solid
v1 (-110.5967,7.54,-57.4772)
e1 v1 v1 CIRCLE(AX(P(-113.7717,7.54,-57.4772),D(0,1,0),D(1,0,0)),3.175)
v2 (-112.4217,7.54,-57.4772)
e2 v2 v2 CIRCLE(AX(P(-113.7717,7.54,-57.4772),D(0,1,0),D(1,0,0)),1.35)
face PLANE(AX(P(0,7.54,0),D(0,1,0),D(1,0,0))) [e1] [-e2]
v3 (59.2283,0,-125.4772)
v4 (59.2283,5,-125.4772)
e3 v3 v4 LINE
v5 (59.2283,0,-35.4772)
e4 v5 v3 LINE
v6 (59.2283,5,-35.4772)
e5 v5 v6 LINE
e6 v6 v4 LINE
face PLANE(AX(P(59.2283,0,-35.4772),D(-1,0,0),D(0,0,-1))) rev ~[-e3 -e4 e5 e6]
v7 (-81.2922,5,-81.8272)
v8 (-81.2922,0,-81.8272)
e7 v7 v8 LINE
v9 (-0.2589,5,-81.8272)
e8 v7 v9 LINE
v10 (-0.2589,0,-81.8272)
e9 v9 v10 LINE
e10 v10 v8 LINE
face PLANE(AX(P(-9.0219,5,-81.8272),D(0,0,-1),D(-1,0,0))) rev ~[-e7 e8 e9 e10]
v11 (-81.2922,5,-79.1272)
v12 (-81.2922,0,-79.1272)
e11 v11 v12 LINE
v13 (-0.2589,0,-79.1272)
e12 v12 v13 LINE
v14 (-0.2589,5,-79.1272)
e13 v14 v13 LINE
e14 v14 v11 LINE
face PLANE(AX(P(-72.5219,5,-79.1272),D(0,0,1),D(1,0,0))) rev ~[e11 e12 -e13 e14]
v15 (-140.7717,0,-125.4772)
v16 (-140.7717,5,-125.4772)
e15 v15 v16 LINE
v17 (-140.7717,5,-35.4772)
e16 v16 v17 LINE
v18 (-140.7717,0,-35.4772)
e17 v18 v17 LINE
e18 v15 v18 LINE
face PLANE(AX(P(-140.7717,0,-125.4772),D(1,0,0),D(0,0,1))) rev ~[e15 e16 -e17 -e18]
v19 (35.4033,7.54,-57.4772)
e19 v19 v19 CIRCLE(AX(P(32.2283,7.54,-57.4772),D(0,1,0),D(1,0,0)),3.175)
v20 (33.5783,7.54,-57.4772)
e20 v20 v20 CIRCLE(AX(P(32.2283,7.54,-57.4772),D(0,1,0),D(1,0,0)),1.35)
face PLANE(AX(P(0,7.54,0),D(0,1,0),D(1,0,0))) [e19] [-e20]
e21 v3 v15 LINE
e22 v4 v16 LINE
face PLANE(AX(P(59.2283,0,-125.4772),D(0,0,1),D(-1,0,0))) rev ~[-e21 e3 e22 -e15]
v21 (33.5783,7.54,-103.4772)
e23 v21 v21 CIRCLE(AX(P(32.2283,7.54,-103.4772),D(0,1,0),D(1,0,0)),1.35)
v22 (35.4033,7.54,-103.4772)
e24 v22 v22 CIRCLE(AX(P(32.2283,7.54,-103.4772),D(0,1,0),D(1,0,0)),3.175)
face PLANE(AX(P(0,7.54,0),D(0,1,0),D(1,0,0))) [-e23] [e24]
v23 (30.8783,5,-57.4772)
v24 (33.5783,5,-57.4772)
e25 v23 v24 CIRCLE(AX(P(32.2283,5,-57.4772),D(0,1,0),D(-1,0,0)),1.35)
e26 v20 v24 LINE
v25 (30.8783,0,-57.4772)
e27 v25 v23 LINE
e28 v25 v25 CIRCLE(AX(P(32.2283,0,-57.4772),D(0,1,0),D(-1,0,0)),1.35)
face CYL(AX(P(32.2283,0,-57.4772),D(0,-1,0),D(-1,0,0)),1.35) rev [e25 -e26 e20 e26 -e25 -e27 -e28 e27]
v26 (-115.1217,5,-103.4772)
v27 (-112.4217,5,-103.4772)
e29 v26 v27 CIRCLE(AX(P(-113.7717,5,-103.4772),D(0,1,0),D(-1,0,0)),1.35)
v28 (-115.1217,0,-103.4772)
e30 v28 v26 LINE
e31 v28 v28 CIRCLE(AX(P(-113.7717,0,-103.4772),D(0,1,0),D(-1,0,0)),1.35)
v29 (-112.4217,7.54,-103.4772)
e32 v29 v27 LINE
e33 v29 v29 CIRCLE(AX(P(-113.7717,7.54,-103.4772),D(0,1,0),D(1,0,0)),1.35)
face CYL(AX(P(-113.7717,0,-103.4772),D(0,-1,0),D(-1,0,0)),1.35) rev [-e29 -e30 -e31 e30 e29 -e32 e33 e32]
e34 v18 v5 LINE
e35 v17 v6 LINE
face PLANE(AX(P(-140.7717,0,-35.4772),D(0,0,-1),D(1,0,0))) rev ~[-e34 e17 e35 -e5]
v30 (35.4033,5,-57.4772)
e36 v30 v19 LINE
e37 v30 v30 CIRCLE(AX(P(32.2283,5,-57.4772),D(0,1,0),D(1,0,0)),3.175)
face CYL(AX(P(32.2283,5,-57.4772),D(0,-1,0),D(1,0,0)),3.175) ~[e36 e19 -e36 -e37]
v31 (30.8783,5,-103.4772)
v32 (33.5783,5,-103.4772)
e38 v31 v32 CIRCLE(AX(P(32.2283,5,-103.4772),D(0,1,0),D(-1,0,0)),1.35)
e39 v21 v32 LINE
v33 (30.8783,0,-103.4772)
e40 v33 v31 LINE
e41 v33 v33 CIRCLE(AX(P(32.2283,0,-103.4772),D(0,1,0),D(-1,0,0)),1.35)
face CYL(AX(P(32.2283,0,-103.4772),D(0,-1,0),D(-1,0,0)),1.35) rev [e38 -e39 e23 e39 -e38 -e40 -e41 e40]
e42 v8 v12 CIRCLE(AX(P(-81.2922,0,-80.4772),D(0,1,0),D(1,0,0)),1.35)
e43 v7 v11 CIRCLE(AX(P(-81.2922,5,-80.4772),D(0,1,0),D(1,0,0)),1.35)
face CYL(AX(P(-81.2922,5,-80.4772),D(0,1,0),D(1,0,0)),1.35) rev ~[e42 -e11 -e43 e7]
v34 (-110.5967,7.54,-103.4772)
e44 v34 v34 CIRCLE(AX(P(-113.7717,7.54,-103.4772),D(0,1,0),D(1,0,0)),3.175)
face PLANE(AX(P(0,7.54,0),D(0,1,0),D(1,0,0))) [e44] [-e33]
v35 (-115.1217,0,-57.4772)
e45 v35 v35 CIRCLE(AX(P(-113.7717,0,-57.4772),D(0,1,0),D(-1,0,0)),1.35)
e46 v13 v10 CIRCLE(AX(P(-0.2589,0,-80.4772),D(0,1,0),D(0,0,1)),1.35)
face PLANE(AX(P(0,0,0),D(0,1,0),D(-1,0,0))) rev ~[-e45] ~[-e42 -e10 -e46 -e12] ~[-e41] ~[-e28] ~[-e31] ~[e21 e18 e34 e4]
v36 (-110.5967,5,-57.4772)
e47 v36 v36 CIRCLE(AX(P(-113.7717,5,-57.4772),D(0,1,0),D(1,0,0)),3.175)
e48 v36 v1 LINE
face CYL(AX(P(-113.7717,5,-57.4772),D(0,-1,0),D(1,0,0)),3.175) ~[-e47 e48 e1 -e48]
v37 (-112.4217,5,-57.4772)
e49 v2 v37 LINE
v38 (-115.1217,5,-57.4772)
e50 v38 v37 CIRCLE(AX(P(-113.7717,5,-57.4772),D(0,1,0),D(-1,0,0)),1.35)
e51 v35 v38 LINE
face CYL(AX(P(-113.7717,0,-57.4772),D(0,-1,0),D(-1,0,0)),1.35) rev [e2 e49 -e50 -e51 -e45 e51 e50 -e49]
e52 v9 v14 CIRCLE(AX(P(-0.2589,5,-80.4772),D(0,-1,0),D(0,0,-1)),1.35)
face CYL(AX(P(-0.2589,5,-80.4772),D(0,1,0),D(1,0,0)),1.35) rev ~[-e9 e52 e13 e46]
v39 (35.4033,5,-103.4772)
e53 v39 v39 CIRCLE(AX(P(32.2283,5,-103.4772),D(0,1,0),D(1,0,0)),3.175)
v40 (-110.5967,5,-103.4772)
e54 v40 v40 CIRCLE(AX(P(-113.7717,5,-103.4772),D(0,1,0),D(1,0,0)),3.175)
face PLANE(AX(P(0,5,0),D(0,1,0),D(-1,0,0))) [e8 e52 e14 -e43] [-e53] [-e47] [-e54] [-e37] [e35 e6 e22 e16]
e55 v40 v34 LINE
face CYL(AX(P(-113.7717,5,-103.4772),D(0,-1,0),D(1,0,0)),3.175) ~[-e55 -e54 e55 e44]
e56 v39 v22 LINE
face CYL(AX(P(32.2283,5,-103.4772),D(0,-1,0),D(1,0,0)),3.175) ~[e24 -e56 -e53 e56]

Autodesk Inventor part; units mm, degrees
ref_plane "YZ Plane" through (0, 0, 0) normal (1, 0, 0) x (0, 1, 0)
ref_plane "XZ Plane" through (0, 0, 0) normal (0, 1, 0) x (-1, 0, 0)
ref_plane "XY Plane" through (0, 0, 0) normal (0, 0, 1) x (1, 0, 0)
sketch "Sketch1" plane through (0, 0, 0) normal (0, 1, 0) x (-1, 0, 0)
  circle A0 centre (113.7717, -57.4772) radius 1.35
  circle A1 centre (113.7717, -103.4772) radius 1.35
  circle A2 centre (-32.2283, -57.4772) radius 1.35
  circle A3 centre (-32.2283, -103.4772) radius 1.35
  line L0 (140.7717, -35.4772) -> (-59.2283, -35.4772)
  line L1 (-59.2283, -35.4772) -> (-59.2283, -125.4772)
  line L2 (-59.2283, -125.4772) -> (140.7717, -125.4772)
  line L3 (140.7717, -125.4772) -> (140.7717, -35.4772)
  point P0 (0, 0)
  point P1 (140.7717, -80.4772)
  dimension "d2" = 2.7
  dimension "d3" = 2.7
  dimension "d4" = 2.7
  dimension "d5" = 2.7
  dimension "d6" = 200
  dimension "d7" = 90
extrude "Extrusion1" add sketch "Sketch1" along normal blind 5
sketch "Sketch2" plane through (0, 5, 0) normal (0, 1, 0) x (1, 0, 0)
  circle A0 centre (-72.5219, 80.4772) radius 1.35
  circle A1 centre (-9.0219, 80.4772) radius 1.35
  circle A2 centre (-40.7719, 80.4772) radius 1.35
  line L0 (-140.7717, 125.4772) -> (-140.7717, 35.4772) projected
  point P0 (0, 0)
  point P1 (-140.7717, 80.4772)
  dimension "d12" = 2.7
  dimension "d13" = 2.7
  dimension "d14" = 63.5
  dimension "d15" = 2.7
  dimension "d16" = 31.75
  dimension "d22" = 68.2498
extrude "Extrusion2" cut sketch "Sketch2" against normal blind 11.35
sketch "Sketch3" plane through (0, 5, 0) normal (0, 1, 0) x (1, 0, 0)
  circle A0 centre (-113.7717, 57.4772) radius 1.35 projected
  circle A1 centre (-113.7717, 57.4772) radius 3.175
  circle A2 centre (-113.7717, 57.4772) radius 1.35
  circle A3 centre (-113.7717, 103.4772) radius 1.35 projected
  circle A4 centre (-113.7717, 103.4772) radius 1.35
  circle A5 centre (-113.7717, 103.4772) radius 3.175
  circle A6 centre (32.2283, 103.4772) radius 1.35 projected
  circle A7 centre (32.2283, 103.4772) radius 1.35
  circle A8 centre (32.2283, 103.4772) radius 3.175
  circle A9 centre (32.2283, 57.4772) radius 1.35 projected
  circle A10 centre (32.2283, 57.4772) radius 1.35
  circle A11 centre (32.2283, 57.4772) radius 3.175
  point P0 (0, 0)
  dimension "d25" = 6.35
  dimension "d26" = 6.35
  dimension "d27" = 6.35
  dimension "d28" = 6.35
extrude "Extrusion3" add sketch "Sketch3" along normal blind 2.54 contours A0 | A1 | A3 | A5 | A6 | A8 | A9 | A11
sketch "Sketch4" plane through (-113.7717, 7.54, -57.4772) normal (0, 1, 0) x (1, 0, 0)
  circle A0 centre (0, 0) radius 1.35 projected
  circle A1 centre (0, 0) radius 1.35
  circle A2 centre (0, 46) radius 1.35 projected
  circle A3 centre (0, 46) radius 1.35
  circle A4 centre (146, 46) radius 1.35 projected
  circle A5 centre (146, 46) radius 1.35
  circle A6 centre (146, 0) radius 3.175 projected
  circle A7 centre (146, 0) radius 1.35
  point P0 (113.7717, -57.4772)
  dimension "d31" = 2.7
  dimension "d32" = 2.7
  dimension "d33" = 2.7
  dimension "d34" = 2.7
extrude "Extrusion4" cut sketch "Sketch4" against normal blind 21.59 contours A0 | A2 | A4 | A7
sketch "Sketch5" plane through (0, 5, 0) normal (0, 1, 0) x (1, 0, 0)
  circle A0 centre (-72.5219, 80.4772) radius 1.35 projected
  circle A1 centre (-9.0219, 80.4772) radius 1.35 projected
  line L0 (-72.5219, 79.1272) -> (-9.0219, 79.1272)
  line L1 (-9.0219, 79.1272) -> (-9.0219, 81.8272)
  line L2 (-9.0219, 81.8272) -> (-72.5219, 81.8272)
  line L3 (-72.5219, 81.8272) -> (-72.5219, 79.1272)
  line L4 (-72.5219, 81.8272) -> (-81.2922, 81.8272)
  line L5 (-81.2922, 81.8272) -> (-81.2922, 79.1272)
  line L6 (-81.2922, 79.1272) -> (-72.5219, 79.1272)
  line L7 (-72.5219, 79.1272) -> (-72.5219, 81.8272)
  line L8 (-9.0219, 81.8272) -> (-0.2589, 81.8272)
  line L9 (-0.2589, 81.8272) -> (-0.2589, 79.1272)
  line L10 (-0.2589, 79.1272) -> (-9.0219, 79.1272)
  line L11 (-9.0219, 79.1272) -> (-9.0219, 81.8272)
  circle A2 centre (-81.2922, 80.4772) radius 1.35
  circle A3 centre (-0.2589, 80.4772) radius 1.35
  point P0 (0, 0)
  dimension "d37" = 8.763
  dimension "d38" = 8.7702
extrude "Extrusion5" cut sketch "Sketch5" against normal up to surface (5 mm away) contours A0 L3 | A0 L2 A1 L0 | L3 A0 | A0 L6 A2 L4 | L8 A3 L10 A1 | A2 L5 | L5 A2 | A3 L9 | L9 A3
properties part number "battery holder v2 mount"
